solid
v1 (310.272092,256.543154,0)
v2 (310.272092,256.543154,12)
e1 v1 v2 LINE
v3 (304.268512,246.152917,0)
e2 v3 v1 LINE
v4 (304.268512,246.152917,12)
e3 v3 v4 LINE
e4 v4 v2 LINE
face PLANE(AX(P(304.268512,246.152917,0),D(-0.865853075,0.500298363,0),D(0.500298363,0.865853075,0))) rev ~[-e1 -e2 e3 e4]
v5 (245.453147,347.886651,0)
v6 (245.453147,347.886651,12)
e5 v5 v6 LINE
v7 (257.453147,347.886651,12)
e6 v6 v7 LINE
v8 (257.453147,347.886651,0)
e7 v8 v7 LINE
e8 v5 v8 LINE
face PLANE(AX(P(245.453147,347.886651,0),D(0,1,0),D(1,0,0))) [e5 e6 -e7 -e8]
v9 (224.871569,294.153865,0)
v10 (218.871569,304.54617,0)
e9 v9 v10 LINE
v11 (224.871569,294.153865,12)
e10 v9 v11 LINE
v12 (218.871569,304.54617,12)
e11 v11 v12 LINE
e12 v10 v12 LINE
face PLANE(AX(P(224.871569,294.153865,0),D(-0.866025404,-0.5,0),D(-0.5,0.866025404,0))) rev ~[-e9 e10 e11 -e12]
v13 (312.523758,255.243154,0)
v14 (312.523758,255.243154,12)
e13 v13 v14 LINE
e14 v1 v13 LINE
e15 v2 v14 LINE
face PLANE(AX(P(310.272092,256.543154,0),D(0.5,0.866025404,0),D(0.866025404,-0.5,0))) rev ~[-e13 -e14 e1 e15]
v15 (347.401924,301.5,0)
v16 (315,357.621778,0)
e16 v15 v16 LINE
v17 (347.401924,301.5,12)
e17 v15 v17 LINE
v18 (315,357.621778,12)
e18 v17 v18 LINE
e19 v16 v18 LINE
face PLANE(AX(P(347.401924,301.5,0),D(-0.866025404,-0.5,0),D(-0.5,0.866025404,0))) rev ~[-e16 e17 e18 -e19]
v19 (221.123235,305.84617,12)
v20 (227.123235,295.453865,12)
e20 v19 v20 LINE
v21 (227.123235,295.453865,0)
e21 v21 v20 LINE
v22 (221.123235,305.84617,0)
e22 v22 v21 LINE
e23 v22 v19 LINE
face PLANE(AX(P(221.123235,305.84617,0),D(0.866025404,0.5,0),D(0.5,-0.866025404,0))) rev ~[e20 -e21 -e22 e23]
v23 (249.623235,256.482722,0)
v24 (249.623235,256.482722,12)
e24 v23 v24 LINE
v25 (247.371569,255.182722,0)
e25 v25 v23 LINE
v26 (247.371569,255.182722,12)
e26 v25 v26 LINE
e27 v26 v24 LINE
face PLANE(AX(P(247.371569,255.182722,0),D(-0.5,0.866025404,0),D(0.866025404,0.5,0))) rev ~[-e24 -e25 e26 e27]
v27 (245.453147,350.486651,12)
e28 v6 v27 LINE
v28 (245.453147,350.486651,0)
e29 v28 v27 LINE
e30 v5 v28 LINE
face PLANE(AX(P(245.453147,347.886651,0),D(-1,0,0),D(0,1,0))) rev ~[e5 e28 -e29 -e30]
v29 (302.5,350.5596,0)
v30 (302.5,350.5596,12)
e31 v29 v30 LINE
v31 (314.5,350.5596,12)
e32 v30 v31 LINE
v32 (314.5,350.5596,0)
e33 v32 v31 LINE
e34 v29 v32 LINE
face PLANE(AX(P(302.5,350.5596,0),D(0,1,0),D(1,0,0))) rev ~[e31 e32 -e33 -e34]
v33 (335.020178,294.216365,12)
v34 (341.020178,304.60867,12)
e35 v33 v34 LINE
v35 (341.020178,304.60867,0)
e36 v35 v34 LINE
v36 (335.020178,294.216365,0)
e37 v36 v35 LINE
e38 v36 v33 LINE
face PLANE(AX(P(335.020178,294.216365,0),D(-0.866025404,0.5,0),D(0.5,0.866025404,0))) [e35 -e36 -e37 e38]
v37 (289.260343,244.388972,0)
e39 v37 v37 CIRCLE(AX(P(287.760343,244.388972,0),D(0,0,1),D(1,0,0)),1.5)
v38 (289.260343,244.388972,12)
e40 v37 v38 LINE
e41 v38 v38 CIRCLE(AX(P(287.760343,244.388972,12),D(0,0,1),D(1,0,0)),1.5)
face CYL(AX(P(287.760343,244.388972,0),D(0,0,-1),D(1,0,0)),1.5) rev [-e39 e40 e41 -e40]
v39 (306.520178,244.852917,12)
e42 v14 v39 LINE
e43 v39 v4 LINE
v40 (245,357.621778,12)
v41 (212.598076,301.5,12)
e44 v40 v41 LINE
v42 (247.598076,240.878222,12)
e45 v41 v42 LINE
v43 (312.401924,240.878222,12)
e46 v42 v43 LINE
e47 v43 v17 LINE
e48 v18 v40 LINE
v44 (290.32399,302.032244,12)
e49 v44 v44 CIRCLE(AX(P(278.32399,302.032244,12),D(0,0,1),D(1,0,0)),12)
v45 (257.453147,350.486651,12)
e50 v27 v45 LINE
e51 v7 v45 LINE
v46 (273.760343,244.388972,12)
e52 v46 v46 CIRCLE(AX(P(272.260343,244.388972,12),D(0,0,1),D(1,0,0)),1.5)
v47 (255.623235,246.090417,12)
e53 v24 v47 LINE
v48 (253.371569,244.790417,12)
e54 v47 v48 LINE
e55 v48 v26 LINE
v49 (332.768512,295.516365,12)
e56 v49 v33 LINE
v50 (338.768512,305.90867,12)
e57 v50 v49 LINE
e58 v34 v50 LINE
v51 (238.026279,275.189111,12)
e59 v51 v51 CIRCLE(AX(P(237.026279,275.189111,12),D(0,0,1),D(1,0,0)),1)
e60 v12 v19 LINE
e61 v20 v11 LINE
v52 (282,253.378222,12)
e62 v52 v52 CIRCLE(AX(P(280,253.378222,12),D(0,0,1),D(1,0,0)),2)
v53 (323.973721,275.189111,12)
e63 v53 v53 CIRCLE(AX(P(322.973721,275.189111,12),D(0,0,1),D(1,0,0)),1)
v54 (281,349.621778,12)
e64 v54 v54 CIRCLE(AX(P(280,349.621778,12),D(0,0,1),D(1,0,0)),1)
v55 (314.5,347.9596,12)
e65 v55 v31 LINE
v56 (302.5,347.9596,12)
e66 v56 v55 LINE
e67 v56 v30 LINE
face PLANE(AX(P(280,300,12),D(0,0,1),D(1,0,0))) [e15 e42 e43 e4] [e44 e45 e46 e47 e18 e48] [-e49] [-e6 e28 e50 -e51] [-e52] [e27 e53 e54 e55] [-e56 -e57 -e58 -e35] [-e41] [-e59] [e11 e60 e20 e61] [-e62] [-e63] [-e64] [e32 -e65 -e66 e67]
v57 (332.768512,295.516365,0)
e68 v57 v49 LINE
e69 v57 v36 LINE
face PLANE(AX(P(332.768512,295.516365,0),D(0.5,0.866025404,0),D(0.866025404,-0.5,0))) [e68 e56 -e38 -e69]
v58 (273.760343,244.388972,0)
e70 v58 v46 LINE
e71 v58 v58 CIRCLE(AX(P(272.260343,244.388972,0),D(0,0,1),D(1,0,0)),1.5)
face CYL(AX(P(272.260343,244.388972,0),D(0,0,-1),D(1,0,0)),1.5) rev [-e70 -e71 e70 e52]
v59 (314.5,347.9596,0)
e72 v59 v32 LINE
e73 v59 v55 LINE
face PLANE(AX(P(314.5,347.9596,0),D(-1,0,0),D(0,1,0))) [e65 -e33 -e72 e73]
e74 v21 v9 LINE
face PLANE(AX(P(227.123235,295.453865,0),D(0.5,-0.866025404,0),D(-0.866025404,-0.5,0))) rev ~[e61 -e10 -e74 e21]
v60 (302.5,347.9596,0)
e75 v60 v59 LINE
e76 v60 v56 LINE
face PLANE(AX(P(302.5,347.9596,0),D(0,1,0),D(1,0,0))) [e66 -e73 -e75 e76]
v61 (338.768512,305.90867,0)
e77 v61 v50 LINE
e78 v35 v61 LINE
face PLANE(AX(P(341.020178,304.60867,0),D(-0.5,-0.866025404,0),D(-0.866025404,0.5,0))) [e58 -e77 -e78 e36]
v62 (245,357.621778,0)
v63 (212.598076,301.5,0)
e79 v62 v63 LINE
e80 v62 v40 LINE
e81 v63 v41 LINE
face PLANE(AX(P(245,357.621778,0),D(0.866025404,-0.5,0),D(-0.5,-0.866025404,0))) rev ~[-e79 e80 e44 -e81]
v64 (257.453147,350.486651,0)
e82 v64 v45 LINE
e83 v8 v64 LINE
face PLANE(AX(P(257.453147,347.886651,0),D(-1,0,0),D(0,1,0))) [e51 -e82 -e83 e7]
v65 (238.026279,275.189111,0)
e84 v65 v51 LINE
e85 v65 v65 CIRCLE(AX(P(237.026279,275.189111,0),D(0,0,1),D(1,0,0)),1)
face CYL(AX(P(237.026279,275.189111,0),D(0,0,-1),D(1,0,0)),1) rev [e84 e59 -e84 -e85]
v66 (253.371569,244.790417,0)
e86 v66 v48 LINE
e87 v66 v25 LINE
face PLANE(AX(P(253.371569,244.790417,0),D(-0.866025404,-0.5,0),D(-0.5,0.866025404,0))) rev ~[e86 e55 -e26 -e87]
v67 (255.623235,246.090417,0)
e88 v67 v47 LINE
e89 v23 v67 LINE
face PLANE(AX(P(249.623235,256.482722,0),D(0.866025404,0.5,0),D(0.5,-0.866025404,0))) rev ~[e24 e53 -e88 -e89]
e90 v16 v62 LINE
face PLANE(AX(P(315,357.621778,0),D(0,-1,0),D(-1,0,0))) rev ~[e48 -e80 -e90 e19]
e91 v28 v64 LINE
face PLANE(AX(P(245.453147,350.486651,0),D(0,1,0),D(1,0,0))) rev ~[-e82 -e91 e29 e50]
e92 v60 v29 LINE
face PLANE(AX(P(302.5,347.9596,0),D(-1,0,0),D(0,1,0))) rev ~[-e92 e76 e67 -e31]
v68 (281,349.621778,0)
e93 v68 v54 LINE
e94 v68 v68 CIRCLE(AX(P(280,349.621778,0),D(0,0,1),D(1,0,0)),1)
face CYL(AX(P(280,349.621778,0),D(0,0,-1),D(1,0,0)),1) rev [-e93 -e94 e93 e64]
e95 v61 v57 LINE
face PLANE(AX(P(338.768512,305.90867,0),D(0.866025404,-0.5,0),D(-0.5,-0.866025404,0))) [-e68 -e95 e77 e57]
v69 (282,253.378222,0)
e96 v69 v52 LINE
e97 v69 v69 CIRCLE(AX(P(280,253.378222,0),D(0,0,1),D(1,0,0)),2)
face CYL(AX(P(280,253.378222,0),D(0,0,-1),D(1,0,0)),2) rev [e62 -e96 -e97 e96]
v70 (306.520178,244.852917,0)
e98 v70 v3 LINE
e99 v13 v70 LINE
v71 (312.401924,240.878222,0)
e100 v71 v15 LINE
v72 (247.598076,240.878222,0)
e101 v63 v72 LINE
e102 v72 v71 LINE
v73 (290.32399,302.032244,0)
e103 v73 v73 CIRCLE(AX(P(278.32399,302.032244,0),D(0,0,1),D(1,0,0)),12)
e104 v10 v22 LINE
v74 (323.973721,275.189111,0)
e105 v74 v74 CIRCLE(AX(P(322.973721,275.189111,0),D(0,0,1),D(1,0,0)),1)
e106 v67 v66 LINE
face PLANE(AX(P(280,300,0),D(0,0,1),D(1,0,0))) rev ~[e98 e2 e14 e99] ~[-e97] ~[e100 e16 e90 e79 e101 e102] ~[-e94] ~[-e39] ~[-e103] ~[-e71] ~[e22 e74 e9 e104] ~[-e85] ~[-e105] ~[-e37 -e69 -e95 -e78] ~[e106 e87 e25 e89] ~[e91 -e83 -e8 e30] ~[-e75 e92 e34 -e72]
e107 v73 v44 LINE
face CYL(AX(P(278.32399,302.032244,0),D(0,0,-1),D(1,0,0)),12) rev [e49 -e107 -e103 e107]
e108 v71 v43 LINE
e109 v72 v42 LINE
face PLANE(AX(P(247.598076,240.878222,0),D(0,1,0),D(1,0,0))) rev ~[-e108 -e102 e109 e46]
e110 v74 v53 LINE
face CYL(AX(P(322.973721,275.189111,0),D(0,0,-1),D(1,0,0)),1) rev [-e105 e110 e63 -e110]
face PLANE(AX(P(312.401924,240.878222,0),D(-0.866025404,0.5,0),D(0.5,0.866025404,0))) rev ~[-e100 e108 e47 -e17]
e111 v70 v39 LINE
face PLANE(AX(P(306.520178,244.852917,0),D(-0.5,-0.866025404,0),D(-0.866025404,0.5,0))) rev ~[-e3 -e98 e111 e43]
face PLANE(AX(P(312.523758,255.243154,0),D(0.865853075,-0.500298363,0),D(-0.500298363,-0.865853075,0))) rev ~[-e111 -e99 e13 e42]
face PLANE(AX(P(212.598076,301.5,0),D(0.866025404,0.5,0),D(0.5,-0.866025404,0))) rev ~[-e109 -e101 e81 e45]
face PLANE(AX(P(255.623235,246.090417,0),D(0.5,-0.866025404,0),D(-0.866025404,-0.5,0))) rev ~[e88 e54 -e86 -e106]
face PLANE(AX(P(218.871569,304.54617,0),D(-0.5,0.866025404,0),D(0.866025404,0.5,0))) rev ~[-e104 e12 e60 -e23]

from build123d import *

# Parameters (mm, degrees)
ESBO_O1_R                = 2
ESBO_O1_R_2              = 1.5
ESBO_O1_R_3              = 1
ESBO_O1_R_4              = 12
ESBO_O1_W                = 12
ESBO_O1_H                = 2.6
RESSALTO_EXTRUS_O1_DEPTH = 12


with BuildPart() as part:
    # Esboço1 → Ressalto-extrusão1 (new body)
    with BuildSketch(Plane.XY):
        Polygon((312.401923789, 240.878221735), (347.401923789, 301.5), (315, 357.621778265), (245, 357.621778265), (212.598076211, 301.5), (247.598076211, 240.878221735), align=None)
        with Locations((280, 253.378221735)):
            Circle(ESBO_O1_R, mode=Mode.SUBTRACT)
        with Locations((272.260343171, 244.388972359)):
            Circle(ESBO_O1_R_2, mode=Mode.SUBTRACT)
        with Locations((287.760343171, 244.388972359)):
            Circle(ESBO_O1_R_2, mode=Mode.SUBTRACT)
        with Locations((280, 349.621778265)):
            Circle(ESBO_O1_R_3, mode=Mode.SUBTRACT)
        with Locations((237.026279442, 275.189110868)):
            Circle(ESBO_O1_R_3, mode=Mode.SUBTRACT)
        with Locations((322.973720558, 275.189110868)):
            Circle(ESBO_O1_R_3, mode=Mode.SUBTRACT)
        with Locations((278.32399049, 302.032244112)):
            Circle(ESBO_O1_R_4, mode=Mode.SUBTRACT)
        with Locations((251.453146627, 349.186651246)):
            Rectangle(ESBO_O1_W, ESBO_O1_H, mode=Mode.SUBTRACT)
        with Locations((308.5, 349.259600438)):
            Rectangle(ESBO_O1_W, ESBO_O1_H, mode=Mode.SUBTRACT)
        Polygon((332.76851184, 295.516364843), (335.020177889, 294.216364843), (341.020177889, 304.608669688), (338.76851184, 305.908669688), align=None, mode=Mode.SUBTRACT)
        Polygon((310.272092192, 256.543153732), (312.523758242, 255.243153732), (306.520177889, 244.852916827), (304.26851184, 246.152916827), align=None, mode=Mode.SUBTRACT)
        Polygon((255.623234985, 246.090416827), (253.371568935, 244.790416827), (247.371568935, 255.182721672), (249.623234985, 256.482721672), align=None, mode=Mode.SUBTRACT)
        Polygon((227.123234985, 295.453864843), (224.871568935, 294.153864843), (218.871568935, 304.546169688), (221.123234985, 305.846169688), align=None, mode=Mode.SUBTRACT)
    extrude(amount=RESSALTO_EXTRUS_O1_DEPTH)


solid = part.part
